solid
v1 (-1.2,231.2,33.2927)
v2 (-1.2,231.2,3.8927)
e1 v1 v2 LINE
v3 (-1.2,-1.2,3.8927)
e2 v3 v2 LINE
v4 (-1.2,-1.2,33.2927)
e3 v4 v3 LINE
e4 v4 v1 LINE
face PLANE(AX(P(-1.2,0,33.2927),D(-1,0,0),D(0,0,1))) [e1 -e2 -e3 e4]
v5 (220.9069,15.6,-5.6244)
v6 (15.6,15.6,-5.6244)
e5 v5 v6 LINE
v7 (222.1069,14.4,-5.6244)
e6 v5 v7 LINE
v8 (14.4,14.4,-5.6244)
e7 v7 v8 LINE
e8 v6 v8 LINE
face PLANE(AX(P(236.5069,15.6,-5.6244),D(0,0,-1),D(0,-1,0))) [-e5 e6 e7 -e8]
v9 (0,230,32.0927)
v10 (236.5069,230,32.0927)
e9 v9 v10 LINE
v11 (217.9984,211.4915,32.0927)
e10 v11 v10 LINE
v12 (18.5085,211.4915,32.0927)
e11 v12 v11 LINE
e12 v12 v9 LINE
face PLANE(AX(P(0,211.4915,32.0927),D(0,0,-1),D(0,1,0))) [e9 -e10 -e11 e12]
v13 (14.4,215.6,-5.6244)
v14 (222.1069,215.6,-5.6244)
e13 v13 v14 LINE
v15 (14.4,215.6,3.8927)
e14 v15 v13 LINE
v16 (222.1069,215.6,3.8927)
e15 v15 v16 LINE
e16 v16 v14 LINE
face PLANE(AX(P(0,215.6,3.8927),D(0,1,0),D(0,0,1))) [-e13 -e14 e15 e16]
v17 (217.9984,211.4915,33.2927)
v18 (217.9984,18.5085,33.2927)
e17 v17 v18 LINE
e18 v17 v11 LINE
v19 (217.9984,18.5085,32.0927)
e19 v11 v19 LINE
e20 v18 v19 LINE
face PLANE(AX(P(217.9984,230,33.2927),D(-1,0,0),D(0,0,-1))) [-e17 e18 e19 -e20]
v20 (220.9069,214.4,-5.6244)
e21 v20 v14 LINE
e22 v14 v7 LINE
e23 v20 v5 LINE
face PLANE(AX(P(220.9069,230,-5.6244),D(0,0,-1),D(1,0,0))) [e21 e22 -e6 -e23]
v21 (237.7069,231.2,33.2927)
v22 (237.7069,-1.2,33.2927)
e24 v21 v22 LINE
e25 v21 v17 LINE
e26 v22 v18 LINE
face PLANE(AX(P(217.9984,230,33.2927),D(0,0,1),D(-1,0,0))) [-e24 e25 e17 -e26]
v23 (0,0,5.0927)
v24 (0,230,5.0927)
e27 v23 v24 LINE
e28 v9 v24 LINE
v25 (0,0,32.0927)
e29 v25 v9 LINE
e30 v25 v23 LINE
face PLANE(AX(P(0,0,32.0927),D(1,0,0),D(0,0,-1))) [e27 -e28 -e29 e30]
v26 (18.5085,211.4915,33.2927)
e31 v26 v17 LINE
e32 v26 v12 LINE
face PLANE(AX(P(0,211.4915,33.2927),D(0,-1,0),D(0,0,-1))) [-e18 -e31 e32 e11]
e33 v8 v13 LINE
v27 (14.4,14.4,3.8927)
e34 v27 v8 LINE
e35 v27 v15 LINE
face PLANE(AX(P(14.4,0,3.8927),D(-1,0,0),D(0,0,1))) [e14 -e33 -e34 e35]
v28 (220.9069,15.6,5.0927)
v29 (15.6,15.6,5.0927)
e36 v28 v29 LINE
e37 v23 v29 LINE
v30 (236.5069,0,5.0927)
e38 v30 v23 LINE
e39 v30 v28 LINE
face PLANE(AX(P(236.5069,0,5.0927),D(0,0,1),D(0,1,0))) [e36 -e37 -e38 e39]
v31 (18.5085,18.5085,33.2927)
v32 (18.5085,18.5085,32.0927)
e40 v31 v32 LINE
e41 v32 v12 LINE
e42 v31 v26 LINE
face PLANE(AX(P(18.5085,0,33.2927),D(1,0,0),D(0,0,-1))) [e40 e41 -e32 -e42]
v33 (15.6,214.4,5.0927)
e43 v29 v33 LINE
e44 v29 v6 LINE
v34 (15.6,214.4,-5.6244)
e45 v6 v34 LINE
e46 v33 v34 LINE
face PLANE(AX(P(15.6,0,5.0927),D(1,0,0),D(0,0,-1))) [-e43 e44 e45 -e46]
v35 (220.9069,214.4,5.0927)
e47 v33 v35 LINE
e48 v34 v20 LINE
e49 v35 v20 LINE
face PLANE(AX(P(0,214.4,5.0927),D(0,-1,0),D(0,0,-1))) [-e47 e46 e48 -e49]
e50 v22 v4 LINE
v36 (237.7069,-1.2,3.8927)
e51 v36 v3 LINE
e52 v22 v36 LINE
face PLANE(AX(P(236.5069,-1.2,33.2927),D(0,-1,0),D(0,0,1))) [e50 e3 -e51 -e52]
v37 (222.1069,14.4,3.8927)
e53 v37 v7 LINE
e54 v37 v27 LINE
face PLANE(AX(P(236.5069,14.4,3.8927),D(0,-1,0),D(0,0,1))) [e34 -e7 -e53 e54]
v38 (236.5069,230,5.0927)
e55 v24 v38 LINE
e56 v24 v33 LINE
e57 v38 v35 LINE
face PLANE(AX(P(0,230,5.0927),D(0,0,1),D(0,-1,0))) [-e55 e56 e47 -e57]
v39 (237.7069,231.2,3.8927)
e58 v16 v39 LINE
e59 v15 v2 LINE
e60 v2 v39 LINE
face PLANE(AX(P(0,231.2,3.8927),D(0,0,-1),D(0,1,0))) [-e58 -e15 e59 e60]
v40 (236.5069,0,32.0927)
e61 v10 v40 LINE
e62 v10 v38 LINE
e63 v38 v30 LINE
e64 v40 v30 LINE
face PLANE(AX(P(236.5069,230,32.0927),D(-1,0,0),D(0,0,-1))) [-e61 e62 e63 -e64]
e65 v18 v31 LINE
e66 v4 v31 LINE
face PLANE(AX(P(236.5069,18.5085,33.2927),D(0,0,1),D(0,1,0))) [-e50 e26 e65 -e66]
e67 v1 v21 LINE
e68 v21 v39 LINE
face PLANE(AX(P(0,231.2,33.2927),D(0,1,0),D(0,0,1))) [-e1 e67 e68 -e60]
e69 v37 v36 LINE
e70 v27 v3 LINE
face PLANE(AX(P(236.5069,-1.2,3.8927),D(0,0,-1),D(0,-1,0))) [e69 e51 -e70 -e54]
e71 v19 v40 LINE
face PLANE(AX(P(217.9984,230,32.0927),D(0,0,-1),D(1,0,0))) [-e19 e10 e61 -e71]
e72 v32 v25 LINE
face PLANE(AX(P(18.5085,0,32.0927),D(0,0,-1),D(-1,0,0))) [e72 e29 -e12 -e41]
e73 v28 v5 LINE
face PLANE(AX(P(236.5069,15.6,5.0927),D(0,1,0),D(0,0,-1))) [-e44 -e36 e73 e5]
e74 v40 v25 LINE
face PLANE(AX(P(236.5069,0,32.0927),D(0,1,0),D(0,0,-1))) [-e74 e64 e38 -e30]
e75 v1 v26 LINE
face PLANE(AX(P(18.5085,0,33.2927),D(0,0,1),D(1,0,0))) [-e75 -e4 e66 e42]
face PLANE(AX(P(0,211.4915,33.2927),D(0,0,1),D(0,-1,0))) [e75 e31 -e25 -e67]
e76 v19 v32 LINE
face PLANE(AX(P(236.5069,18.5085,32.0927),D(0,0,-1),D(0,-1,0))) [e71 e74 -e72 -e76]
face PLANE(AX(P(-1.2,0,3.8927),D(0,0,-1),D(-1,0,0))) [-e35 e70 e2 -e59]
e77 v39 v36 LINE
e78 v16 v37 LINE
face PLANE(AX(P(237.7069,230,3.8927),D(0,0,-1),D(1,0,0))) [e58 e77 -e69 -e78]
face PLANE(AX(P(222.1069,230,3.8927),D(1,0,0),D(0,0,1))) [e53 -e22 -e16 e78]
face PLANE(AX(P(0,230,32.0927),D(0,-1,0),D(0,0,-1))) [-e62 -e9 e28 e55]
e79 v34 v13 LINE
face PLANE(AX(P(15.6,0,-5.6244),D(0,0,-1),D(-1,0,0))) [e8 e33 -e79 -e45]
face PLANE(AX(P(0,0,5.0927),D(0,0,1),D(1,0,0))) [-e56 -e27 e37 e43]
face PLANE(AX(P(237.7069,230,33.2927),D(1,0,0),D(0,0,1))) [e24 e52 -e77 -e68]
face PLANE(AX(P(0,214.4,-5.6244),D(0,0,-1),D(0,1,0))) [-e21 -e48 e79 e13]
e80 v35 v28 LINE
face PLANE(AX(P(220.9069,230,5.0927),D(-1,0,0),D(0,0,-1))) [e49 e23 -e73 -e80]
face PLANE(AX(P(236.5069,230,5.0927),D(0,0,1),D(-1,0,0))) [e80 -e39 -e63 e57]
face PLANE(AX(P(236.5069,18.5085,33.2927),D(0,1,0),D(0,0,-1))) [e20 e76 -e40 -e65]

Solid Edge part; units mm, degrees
sketch "Sketch1" plane through (0, 0, 0) normal (0, 0, 1) x (1, 0, 0)
  line L0 (0, 0) -> (0, 230)
  line L1 (0, 230) -> (236.5069, 230)
  line L2 (236.5069, 230) -> (236.5069, 0)
  line L3 (236.5069, 0) -> (0, 0)
sketch "Sketch2" plane through (0, 0, 0) normal (0, -1, 0) x (1, 0, 0)
  line L0 (0, 32.0927) -> (0, 5.0927)
  line L1 (0, 5.0927) -> (15.6, 5.0927)
  line L2 (15.6, 5.0927) -> (15.6, -5.6244)
  line L3 (15.6, -5.6244) -> (14.4, -5.6244)
  line L4 (14.4, 3.8927) -> (14.4, -5.6244)
  line L5 (-1.2, 3.8927) -> (14.4, 3.8927)
  line L6 (-1.2, 33.2927) -> (-1.2, 3.8927)
  line L7 (18.5085, 33.2927) -> (-1.2, 33.2927)
  line L8 (18.5085, 33.2927) -> (18.5085, 32.0927)
  line L9 (18.5085, 32.0927) -> (0, 32.0927)
  dimension "D1" = 1.2
sweep "ProtrusioneScorrimento_1" add profiles "Sketch2" path "Sketch1"
